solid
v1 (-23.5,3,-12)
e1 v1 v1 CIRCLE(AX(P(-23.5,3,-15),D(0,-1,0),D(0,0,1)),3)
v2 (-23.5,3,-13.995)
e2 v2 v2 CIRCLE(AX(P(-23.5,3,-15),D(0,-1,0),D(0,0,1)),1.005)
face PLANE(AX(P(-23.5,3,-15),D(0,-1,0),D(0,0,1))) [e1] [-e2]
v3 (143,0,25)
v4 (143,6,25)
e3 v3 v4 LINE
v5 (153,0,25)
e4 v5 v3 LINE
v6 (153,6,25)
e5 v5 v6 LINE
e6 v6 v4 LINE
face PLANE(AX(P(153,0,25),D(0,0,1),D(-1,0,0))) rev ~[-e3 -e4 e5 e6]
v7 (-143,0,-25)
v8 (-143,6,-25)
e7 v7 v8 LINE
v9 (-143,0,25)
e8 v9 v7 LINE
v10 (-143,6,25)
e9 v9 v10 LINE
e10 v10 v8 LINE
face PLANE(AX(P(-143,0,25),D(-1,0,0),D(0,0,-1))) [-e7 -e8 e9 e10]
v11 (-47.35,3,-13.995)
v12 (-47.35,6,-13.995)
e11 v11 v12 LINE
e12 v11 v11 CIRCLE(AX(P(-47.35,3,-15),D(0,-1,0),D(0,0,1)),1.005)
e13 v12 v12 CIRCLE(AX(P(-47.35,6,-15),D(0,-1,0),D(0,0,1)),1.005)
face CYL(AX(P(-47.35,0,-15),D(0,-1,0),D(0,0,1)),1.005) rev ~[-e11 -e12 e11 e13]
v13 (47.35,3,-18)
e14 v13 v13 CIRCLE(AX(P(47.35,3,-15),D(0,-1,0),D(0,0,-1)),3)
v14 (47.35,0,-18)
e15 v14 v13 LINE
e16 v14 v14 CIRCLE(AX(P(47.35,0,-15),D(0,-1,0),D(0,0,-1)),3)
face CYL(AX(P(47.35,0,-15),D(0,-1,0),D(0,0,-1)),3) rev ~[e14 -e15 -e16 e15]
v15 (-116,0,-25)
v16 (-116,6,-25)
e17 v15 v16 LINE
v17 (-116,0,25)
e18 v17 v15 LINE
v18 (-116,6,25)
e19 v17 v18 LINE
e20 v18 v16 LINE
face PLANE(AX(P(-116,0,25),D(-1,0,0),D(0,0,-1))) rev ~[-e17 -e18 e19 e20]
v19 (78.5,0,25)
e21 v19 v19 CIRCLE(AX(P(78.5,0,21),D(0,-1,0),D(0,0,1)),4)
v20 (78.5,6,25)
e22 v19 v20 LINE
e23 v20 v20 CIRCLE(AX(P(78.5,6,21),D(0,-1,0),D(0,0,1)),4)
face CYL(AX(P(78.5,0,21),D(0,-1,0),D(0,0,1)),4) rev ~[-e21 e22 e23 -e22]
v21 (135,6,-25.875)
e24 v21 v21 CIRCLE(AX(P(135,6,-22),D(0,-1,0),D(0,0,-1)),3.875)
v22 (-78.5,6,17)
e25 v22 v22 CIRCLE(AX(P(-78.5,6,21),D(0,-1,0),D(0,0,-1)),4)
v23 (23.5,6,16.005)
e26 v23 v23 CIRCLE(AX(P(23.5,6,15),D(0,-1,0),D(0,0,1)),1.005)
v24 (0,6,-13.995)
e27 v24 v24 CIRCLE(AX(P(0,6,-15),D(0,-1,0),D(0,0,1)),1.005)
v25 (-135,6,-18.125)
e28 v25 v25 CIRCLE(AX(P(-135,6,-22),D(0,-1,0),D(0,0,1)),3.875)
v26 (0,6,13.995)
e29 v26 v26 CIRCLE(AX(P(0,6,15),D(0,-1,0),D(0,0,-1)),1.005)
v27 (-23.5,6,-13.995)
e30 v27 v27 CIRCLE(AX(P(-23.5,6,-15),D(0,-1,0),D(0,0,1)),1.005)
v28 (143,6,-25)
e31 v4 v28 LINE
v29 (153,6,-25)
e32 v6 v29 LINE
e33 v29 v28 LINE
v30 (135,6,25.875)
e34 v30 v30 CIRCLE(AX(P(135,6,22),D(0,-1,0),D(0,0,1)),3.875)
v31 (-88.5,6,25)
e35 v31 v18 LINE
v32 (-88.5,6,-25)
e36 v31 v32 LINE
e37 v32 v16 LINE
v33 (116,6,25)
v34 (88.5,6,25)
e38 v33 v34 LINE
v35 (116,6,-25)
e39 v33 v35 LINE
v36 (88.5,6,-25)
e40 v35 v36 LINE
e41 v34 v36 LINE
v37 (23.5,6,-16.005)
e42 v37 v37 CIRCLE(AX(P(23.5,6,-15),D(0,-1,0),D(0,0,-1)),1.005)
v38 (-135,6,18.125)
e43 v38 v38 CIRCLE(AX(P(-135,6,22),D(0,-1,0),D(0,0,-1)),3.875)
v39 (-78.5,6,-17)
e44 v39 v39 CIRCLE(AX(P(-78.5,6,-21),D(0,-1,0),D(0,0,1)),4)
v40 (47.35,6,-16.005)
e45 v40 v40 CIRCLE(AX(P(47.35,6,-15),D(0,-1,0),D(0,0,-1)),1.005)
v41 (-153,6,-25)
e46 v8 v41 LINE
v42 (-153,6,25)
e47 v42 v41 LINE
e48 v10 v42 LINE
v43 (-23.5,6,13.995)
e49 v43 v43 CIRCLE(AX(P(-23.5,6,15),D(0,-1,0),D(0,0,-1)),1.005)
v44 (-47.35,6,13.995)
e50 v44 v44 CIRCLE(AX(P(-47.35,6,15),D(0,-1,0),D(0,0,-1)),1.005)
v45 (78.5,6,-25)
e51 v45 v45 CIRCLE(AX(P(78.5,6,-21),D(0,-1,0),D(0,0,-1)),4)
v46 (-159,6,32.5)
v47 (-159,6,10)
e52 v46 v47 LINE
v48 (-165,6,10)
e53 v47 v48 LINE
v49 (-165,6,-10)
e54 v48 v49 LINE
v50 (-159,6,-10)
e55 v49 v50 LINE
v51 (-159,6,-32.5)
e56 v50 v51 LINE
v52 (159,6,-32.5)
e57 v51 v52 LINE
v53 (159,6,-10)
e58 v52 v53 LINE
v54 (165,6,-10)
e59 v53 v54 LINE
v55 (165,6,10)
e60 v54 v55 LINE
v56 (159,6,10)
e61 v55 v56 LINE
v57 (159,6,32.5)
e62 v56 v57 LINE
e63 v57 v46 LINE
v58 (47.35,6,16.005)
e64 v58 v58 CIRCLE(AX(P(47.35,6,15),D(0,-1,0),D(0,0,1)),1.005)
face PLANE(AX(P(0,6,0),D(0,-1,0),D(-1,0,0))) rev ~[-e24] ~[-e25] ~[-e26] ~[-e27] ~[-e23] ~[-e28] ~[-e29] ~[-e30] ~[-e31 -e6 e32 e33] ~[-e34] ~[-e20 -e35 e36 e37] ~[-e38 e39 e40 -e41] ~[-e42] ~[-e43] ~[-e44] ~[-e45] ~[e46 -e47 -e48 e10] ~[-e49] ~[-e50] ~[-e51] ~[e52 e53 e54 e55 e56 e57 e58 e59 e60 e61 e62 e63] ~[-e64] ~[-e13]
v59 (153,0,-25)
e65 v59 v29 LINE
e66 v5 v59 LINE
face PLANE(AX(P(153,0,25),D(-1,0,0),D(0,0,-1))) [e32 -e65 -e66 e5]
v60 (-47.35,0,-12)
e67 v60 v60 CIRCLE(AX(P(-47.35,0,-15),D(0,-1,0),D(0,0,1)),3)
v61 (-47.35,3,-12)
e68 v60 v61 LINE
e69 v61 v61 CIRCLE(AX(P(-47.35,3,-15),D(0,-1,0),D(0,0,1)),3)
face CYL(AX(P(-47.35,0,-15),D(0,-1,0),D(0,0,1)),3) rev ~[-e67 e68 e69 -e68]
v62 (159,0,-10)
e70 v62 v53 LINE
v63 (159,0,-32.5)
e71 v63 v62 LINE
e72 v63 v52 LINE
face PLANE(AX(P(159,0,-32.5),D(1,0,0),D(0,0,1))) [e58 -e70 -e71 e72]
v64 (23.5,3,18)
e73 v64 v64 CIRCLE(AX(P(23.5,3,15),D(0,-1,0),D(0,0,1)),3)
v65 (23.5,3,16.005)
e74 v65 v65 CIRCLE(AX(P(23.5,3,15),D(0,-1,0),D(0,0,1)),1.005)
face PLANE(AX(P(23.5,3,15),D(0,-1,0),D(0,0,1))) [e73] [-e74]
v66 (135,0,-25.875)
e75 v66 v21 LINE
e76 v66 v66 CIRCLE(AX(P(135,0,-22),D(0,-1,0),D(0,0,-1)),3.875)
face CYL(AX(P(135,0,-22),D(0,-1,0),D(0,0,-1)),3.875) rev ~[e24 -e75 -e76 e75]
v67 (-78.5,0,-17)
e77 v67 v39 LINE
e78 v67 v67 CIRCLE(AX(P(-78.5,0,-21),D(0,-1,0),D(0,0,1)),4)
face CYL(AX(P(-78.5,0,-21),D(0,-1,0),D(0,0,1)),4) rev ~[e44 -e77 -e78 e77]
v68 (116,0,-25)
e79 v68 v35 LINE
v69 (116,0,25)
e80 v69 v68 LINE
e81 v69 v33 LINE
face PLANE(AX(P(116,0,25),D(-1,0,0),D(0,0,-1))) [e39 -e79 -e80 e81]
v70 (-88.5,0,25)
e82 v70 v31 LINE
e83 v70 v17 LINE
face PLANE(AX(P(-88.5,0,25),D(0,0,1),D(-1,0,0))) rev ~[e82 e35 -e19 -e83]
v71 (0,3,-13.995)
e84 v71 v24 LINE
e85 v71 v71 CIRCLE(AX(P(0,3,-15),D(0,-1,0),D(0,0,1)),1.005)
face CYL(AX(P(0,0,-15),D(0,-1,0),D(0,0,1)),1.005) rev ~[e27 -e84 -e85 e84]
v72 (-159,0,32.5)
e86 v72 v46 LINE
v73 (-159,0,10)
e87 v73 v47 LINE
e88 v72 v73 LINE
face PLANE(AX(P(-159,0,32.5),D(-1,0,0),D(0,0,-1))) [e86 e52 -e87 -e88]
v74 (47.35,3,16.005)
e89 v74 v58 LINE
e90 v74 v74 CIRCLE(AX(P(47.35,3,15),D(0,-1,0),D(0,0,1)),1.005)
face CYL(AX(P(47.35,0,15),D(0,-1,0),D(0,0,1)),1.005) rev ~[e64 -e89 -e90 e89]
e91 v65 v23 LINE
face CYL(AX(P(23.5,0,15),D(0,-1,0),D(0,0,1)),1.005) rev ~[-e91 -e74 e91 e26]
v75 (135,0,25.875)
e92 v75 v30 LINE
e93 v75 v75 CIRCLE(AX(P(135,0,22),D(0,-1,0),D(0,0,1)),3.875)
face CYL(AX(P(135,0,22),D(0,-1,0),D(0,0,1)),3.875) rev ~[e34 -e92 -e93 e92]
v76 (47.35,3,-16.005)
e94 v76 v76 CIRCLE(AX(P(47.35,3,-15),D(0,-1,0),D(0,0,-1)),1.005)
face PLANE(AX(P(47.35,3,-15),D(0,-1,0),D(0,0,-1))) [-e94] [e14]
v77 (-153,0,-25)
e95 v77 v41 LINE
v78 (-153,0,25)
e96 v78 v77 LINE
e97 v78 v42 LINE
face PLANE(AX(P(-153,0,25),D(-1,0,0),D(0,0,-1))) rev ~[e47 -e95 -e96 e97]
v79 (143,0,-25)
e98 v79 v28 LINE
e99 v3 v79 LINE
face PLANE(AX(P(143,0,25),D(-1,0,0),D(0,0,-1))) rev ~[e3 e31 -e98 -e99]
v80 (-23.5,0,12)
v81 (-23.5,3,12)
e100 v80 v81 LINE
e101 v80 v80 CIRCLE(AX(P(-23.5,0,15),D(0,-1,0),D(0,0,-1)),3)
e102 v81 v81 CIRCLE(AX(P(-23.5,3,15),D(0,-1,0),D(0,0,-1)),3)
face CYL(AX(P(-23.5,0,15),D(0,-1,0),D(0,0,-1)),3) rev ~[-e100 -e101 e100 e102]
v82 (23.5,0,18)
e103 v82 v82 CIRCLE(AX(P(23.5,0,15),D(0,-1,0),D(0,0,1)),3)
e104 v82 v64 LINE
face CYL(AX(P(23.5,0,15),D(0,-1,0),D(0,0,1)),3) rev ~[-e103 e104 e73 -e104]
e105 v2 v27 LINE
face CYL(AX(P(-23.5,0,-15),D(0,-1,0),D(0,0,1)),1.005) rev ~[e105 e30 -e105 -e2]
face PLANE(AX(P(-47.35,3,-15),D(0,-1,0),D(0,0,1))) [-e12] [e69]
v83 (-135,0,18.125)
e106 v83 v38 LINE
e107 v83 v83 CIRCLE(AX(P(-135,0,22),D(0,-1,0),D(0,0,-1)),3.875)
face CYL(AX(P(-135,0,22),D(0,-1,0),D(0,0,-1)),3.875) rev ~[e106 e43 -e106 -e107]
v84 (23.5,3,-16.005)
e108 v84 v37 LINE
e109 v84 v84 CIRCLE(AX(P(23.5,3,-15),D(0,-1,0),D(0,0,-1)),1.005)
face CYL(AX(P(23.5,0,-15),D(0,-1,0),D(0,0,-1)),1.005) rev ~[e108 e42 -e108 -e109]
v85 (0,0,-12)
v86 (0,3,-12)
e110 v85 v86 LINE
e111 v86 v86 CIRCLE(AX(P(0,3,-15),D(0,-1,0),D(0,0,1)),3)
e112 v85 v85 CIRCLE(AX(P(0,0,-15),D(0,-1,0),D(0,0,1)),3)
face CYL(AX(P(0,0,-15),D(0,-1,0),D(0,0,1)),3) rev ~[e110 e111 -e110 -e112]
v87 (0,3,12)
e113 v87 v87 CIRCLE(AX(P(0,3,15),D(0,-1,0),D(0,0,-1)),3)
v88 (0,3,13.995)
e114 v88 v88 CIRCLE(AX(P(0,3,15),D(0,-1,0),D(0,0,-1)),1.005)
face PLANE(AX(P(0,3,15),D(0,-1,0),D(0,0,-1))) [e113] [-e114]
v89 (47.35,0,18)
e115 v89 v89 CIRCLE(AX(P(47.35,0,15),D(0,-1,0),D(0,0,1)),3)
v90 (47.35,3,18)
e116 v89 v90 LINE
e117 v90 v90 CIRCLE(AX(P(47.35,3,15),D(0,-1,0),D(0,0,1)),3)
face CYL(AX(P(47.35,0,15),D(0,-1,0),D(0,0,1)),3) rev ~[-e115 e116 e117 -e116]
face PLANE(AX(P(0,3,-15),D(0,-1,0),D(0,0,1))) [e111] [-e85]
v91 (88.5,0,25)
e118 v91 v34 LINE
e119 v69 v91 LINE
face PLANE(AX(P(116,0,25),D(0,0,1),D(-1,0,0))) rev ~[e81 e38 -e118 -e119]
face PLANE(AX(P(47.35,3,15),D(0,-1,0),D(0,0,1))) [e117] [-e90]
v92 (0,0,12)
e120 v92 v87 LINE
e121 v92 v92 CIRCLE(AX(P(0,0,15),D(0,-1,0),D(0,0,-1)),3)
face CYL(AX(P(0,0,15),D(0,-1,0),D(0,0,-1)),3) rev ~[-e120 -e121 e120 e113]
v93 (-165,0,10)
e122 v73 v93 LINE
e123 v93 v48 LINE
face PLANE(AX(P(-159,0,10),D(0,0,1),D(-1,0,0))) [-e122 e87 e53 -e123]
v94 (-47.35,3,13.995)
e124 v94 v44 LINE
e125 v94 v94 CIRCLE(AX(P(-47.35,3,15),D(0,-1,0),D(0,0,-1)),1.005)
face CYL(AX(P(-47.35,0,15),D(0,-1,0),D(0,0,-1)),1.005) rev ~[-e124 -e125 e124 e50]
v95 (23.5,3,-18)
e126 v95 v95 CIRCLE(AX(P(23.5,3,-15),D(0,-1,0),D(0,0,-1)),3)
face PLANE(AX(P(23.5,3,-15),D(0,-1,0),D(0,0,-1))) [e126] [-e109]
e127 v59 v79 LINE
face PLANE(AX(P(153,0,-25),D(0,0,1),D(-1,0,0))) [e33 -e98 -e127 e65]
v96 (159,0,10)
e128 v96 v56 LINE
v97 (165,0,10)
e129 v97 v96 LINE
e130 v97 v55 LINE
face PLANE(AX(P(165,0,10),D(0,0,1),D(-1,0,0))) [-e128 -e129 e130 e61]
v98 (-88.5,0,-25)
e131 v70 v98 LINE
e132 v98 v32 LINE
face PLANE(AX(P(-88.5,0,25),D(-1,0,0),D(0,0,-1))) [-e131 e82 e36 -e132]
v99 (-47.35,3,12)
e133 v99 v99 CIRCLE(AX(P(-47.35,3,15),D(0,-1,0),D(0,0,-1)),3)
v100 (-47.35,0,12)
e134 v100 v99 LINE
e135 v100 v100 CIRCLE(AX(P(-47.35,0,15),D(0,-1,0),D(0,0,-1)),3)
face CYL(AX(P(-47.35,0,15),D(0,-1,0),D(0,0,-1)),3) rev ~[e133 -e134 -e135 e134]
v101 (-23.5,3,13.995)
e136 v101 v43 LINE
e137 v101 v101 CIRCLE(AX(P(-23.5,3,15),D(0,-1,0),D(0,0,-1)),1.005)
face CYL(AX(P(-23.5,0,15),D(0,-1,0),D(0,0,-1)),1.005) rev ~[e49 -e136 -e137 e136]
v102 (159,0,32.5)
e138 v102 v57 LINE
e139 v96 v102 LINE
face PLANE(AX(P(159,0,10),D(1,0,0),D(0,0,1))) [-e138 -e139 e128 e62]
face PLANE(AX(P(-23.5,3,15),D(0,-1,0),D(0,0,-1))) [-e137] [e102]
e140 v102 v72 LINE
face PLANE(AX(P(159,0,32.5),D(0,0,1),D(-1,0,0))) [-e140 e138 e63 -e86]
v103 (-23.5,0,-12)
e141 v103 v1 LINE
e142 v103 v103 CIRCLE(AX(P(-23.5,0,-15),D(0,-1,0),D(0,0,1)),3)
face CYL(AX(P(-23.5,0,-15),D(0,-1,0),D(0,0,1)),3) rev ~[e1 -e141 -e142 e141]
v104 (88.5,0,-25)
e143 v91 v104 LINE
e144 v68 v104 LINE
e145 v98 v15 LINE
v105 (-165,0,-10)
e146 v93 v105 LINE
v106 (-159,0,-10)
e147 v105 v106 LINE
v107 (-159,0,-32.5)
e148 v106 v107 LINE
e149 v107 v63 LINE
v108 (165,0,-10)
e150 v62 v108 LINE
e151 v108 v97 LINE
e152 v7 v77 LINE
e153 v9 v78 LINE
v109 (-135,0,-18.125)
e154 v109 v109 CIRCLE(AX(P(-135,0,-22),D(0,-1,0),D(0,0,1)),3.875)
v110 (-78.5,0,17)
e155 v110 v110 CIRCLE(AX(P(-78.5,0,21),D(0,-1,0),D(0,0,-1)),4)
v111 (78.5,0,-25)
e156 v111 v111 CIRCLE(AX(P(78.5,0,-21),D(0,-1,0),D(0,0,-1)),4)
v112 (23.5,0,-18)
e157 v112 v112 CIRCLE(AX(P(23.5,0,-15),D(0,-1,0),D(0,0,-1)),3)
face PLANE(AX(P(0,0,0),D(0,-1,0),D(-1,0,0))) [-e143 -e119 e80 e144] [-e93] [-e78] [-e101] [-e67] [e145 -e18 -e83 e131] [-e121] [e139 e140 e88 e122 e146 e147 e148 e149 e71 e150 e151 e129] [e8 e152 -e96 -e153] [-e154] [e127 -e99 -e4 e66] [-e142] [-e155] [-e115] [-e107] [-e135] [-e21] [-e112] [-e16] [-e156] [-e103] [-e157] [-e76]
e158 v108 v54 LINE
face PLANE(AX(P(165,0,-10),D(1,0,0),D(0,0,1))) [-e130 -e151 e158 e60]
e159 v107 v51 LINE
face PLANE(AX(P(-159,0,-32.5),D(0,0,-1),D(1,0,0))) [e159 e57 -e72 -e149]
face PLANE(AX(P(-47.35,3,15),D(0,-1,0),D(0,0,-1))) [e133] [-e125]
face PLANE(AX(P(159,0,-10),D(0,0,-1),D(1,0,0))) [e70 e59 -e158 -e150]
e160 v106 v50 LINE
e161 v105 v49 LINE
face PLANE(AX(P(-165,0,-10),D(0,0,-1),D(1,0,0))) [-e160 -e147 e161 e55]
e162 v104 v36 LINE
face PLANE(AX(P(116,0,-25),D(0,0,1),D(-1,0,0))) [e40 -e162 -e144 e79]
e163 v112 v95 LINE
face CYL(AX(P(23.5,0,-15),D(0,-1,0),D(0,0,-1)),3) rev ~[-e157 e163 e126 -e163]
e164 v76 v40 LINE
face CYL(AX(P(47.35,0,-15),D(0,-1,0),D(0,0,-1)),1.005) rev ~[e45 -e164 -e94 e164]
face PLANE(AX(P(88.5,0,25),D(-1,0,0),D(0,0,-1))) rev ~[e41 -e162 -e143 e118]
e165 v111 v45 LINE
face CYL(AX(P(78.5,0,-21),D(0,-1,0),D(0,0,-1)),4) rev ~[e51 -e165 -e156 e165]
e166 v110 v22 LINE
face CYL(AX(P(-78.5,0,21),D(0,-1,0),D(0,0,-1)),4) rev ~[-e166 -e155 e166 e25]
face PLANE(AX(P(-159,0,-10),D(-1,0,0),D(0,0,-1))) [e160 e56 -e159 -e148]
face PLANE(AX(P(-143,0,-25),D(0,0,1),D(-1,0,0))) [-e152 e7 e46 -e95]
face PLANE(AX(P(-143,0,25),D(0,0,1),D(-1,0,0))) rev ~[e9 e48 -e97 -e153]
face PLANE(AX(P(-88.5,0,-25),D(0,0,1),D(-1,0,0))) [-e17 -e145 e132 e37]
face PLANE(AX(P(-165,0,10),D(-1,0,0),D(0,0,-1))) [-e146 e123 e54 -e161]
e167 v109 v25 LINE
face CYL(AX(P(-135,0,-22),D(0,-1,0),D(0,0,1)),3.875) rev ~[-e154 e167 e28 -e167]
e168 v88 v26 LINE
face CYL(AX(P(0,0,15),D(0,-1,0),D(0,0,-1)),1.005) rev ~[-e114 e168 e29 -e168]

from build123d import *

# Parameters (mm, degrees)
BOSS_EXTRU_1_DEPTH      = 6
ESQUISSE2_R             = 1.005
ENL_V_MAT_EXTRU_1_DEPTH = 169.277300905
ESQUISSE3_R             = 3
ENL_V_MAT_EXTRU_2_DEPTH = 3
ESQUISSE4_R             = 4
ENL_V_MAT_EXTRU_3_DEPTH = 169.277300905
ESQUISSE5_W             = 27.5
ESQUISSE5_H             = 50
ENL_V_MAT_EXTRU_4_DEPTH = 169.277300905
ESQUISSE6_R             = 3.875
ENL_V_MAT_EXTRU_5_DEPTH = 169.277300905
ESQUISSE7_W             = 10
ESQUISSE7_H             = 50
ENL_V_MAT_EXTRU_6_DEPTH = 169.277300905


with BuildPart() as part:
    # Esquisse1 → Boss.-Extru.1 (new body)
    with BuildSketch(Plane(origin=(0, 0, 0), x_dir=(1, 0, 0), z_dir=(0, 1, 0))):
        Polygon((-159, -32.5), (-159, -10), (-165, -10), (-165, 10), (-159, 10), (-159, 32.5), (159, 32.5), (159, 10), (165, 10), (165, -10), (159, -10), (159, -32.5), align=None)
    extrude(amount=BOSS_EXTRU_1_DEPTH)

    # Esquisse2 → Enlèv. mat.-Extru.1 (cut, through all)
    with BuildSketch(Plane.XZ):
        with Locations(Location((-47.35, 15, 0), (0, 0, 270))):
            Circle(ESQUISSE2_R)
        with Locations(Location((-23.5, 15, 0), (0, 0, 270))):
            Circle(ESQUISSE2_R)
        with Locations(Location((23.5, 15, 0), (0, 0, 90))):
            Circle(ESQUISSE2_R)
        with Locations(Location((47.35, 15, 0), (0, 0, 90))):
            Circle(ESQUISSE2_R)
        with Locations(Location((47.35, -15, 0), (0, 0, 270))):
            Circle(ESQUISSE2_R)
        with Locations(Location((23.5, -15, 0), (0, 0, 270))):
            Circle(ESQUISSE2_R)
        with Locations(Location((-23.5, -15, 0), (0, 0, 90))):
            Circle(ESQUISSE2_R)
        with Locations(Location((-47.35, -15, 0), (0, 0, 90))):
            Circle(ESQUISSE2_R)
        with Locations(Location((0, 15, 0), (0, 0, 270))):
            Circle(ESQUISSE2_R)
        with Locations(Location((0, -15, 0), (0, 0, 90))):
            Circle(ESQUISSE2_R)
    extrude(amount=-ENL_V_MAT_EXTRU_1_DEPTH, mode=Mode.SUBTRACT)

    # Esquisse3 → Enlèv. mat.-Extru.2 (cut)
    with BuildSketch(Plane(origin=(0, 0, 0), x_dir=(-1, 0, 0), z_dir=(0, -1, 0))):
        with Locations(Location((47.35, -15, 0), (0, 0, 90))):
            Circle(ESQUISSE3_R)
        with Locations(Location((23.5, -15, 0), (0, 0, 90))):
            Circle(ESQUISSE3_R)
        with Locations(Location((0, -15, 0), (0, 0, 90))):
            Circle(ESQUISSE3_R)
        with Locations(Location((0, 15, 0), (0, 0, 270))):
            Circle(ESQUISSE3_R)
        with Locations(Location((23.5, 15, 0), (0, 0, 270))):
            Circle(ESQUISSE3_R)
        with Locations(Location((47.35, 15, 0), (0, 0, 270))):
            Circle(ESQUISSE3_R)
        with Locations(Location((-47.35, 15, 0), (0, 0, 90))):
            Circle(ESQUISSE3_R)
        with Locations(Location((-23.5, 15, 0), (0, 0, 90))):
            Circle(ESQUISSE3_R)
        with Locations(Location((-23.5, -15, 0), (0, 0, 270))):
            Circle(ESQUISSE3_R)
        with Locations(Location((-47.35, -15, 0), (0, 0, 270))):
            Circle(ESQUISSE3_R)
    extrude(amount=-ENL_V_MAT_EXTRU_2_DEPTH, mode=Mode.SUBTRACT)

    # Esquisse4 → Enlèv. mat.-Extru.3 (cut, through all)
    with BuildSketch(Plane(origin=(0, 0, 0), x_dir=(-1, 0, 0), z_dir=(0, -1, 0))):
        with Locations(Location((78.5, -21, 0), (0, 0, 90))):
            Circle(ESQUISSE4_R)
        with Locations(Location((-78.5, -21, 0), (0, 0, 270))):
            Circle(ESQUISSE4_R)
        with Locations(Location((78.5, 21, 0), (0, 0, 270))):
            Circle(ESQUISSE4_R)
        with Locations(Location((-78.5, 21, 0), (0, 0, 90))):
            Circle(ESQUISSE4_R)
    extrude(amount=-ENL_V_MAT_EXTRU_3_DEPTH, mode=Mode.SUBTRACT)

    # Esquisse5 → Enlèv. mat.-Extru.4 (cut, through all)
    with BuildSketch(Plane(origin=(0, 0, 0), x_dir=(-1, 0, 0), z_dir=(0, -1, 0))):
        with Locations((102.25, 0)):
            Rectangle(ESQUISSE5_W, ESQUISSE5_H)
        with Locations((-102.25, 0)):
            Rectangle(ESQUISSE5_W, ESQUISSE5_H)
    extrude(amount=-ENL_V_MAT_EXTRU_4_DEPTH, mode=Mode.SUBTRACT)

    # Esquisse6 → Enlèv. mat.-Extru.5 (cut, through all)
    with BuildSketch(Plane(origin=(0, 0, 0), x_dir=(-1, 0, 0), z_dir=(0, -1, 0))):
        with Locations(Location((135, -22, 0), (0, 0, 90))):
            Circle(ESQUISSE6_R)
        with Locations(Location((-135, -22, 0), (0, 0, 270))):
            Circle(ESQUISSE6_R)
        with Locations(Location((-135, 22, 0), (0, 0, 90))):
            Circle(ESQUISSE6_R)
        with Locations(Location((135, 22, 0), (0, 0, 270))):
            Circle(ESQUISSE6_R)
    extrude(amount=-ENL_V_MAT_EXTRU_5_DEPTH, mode=Mode.SUBTRACT)

    # Esquisse7 → Enlèv. mat.-Extru.6 (cut, through all)
    with BuildSketch(Plane(origin=(0, 0, 0), x_dir=(-1, 0, 0), z_dir=(0, -1, 0))):
        with Locations((148, 0)):
            Rectangle(ESQUISSE7_W, ESQUISSE7_H)
        with Locations((-148, 0)):
            Rectangle(ESQUISSE7_W, ESQUISSE7_H)
    extrude(amount=-ENL_V_MAT_EXTRU_6_DEPTH, mode=Mode.SUBTRACT)


solid = part.part
